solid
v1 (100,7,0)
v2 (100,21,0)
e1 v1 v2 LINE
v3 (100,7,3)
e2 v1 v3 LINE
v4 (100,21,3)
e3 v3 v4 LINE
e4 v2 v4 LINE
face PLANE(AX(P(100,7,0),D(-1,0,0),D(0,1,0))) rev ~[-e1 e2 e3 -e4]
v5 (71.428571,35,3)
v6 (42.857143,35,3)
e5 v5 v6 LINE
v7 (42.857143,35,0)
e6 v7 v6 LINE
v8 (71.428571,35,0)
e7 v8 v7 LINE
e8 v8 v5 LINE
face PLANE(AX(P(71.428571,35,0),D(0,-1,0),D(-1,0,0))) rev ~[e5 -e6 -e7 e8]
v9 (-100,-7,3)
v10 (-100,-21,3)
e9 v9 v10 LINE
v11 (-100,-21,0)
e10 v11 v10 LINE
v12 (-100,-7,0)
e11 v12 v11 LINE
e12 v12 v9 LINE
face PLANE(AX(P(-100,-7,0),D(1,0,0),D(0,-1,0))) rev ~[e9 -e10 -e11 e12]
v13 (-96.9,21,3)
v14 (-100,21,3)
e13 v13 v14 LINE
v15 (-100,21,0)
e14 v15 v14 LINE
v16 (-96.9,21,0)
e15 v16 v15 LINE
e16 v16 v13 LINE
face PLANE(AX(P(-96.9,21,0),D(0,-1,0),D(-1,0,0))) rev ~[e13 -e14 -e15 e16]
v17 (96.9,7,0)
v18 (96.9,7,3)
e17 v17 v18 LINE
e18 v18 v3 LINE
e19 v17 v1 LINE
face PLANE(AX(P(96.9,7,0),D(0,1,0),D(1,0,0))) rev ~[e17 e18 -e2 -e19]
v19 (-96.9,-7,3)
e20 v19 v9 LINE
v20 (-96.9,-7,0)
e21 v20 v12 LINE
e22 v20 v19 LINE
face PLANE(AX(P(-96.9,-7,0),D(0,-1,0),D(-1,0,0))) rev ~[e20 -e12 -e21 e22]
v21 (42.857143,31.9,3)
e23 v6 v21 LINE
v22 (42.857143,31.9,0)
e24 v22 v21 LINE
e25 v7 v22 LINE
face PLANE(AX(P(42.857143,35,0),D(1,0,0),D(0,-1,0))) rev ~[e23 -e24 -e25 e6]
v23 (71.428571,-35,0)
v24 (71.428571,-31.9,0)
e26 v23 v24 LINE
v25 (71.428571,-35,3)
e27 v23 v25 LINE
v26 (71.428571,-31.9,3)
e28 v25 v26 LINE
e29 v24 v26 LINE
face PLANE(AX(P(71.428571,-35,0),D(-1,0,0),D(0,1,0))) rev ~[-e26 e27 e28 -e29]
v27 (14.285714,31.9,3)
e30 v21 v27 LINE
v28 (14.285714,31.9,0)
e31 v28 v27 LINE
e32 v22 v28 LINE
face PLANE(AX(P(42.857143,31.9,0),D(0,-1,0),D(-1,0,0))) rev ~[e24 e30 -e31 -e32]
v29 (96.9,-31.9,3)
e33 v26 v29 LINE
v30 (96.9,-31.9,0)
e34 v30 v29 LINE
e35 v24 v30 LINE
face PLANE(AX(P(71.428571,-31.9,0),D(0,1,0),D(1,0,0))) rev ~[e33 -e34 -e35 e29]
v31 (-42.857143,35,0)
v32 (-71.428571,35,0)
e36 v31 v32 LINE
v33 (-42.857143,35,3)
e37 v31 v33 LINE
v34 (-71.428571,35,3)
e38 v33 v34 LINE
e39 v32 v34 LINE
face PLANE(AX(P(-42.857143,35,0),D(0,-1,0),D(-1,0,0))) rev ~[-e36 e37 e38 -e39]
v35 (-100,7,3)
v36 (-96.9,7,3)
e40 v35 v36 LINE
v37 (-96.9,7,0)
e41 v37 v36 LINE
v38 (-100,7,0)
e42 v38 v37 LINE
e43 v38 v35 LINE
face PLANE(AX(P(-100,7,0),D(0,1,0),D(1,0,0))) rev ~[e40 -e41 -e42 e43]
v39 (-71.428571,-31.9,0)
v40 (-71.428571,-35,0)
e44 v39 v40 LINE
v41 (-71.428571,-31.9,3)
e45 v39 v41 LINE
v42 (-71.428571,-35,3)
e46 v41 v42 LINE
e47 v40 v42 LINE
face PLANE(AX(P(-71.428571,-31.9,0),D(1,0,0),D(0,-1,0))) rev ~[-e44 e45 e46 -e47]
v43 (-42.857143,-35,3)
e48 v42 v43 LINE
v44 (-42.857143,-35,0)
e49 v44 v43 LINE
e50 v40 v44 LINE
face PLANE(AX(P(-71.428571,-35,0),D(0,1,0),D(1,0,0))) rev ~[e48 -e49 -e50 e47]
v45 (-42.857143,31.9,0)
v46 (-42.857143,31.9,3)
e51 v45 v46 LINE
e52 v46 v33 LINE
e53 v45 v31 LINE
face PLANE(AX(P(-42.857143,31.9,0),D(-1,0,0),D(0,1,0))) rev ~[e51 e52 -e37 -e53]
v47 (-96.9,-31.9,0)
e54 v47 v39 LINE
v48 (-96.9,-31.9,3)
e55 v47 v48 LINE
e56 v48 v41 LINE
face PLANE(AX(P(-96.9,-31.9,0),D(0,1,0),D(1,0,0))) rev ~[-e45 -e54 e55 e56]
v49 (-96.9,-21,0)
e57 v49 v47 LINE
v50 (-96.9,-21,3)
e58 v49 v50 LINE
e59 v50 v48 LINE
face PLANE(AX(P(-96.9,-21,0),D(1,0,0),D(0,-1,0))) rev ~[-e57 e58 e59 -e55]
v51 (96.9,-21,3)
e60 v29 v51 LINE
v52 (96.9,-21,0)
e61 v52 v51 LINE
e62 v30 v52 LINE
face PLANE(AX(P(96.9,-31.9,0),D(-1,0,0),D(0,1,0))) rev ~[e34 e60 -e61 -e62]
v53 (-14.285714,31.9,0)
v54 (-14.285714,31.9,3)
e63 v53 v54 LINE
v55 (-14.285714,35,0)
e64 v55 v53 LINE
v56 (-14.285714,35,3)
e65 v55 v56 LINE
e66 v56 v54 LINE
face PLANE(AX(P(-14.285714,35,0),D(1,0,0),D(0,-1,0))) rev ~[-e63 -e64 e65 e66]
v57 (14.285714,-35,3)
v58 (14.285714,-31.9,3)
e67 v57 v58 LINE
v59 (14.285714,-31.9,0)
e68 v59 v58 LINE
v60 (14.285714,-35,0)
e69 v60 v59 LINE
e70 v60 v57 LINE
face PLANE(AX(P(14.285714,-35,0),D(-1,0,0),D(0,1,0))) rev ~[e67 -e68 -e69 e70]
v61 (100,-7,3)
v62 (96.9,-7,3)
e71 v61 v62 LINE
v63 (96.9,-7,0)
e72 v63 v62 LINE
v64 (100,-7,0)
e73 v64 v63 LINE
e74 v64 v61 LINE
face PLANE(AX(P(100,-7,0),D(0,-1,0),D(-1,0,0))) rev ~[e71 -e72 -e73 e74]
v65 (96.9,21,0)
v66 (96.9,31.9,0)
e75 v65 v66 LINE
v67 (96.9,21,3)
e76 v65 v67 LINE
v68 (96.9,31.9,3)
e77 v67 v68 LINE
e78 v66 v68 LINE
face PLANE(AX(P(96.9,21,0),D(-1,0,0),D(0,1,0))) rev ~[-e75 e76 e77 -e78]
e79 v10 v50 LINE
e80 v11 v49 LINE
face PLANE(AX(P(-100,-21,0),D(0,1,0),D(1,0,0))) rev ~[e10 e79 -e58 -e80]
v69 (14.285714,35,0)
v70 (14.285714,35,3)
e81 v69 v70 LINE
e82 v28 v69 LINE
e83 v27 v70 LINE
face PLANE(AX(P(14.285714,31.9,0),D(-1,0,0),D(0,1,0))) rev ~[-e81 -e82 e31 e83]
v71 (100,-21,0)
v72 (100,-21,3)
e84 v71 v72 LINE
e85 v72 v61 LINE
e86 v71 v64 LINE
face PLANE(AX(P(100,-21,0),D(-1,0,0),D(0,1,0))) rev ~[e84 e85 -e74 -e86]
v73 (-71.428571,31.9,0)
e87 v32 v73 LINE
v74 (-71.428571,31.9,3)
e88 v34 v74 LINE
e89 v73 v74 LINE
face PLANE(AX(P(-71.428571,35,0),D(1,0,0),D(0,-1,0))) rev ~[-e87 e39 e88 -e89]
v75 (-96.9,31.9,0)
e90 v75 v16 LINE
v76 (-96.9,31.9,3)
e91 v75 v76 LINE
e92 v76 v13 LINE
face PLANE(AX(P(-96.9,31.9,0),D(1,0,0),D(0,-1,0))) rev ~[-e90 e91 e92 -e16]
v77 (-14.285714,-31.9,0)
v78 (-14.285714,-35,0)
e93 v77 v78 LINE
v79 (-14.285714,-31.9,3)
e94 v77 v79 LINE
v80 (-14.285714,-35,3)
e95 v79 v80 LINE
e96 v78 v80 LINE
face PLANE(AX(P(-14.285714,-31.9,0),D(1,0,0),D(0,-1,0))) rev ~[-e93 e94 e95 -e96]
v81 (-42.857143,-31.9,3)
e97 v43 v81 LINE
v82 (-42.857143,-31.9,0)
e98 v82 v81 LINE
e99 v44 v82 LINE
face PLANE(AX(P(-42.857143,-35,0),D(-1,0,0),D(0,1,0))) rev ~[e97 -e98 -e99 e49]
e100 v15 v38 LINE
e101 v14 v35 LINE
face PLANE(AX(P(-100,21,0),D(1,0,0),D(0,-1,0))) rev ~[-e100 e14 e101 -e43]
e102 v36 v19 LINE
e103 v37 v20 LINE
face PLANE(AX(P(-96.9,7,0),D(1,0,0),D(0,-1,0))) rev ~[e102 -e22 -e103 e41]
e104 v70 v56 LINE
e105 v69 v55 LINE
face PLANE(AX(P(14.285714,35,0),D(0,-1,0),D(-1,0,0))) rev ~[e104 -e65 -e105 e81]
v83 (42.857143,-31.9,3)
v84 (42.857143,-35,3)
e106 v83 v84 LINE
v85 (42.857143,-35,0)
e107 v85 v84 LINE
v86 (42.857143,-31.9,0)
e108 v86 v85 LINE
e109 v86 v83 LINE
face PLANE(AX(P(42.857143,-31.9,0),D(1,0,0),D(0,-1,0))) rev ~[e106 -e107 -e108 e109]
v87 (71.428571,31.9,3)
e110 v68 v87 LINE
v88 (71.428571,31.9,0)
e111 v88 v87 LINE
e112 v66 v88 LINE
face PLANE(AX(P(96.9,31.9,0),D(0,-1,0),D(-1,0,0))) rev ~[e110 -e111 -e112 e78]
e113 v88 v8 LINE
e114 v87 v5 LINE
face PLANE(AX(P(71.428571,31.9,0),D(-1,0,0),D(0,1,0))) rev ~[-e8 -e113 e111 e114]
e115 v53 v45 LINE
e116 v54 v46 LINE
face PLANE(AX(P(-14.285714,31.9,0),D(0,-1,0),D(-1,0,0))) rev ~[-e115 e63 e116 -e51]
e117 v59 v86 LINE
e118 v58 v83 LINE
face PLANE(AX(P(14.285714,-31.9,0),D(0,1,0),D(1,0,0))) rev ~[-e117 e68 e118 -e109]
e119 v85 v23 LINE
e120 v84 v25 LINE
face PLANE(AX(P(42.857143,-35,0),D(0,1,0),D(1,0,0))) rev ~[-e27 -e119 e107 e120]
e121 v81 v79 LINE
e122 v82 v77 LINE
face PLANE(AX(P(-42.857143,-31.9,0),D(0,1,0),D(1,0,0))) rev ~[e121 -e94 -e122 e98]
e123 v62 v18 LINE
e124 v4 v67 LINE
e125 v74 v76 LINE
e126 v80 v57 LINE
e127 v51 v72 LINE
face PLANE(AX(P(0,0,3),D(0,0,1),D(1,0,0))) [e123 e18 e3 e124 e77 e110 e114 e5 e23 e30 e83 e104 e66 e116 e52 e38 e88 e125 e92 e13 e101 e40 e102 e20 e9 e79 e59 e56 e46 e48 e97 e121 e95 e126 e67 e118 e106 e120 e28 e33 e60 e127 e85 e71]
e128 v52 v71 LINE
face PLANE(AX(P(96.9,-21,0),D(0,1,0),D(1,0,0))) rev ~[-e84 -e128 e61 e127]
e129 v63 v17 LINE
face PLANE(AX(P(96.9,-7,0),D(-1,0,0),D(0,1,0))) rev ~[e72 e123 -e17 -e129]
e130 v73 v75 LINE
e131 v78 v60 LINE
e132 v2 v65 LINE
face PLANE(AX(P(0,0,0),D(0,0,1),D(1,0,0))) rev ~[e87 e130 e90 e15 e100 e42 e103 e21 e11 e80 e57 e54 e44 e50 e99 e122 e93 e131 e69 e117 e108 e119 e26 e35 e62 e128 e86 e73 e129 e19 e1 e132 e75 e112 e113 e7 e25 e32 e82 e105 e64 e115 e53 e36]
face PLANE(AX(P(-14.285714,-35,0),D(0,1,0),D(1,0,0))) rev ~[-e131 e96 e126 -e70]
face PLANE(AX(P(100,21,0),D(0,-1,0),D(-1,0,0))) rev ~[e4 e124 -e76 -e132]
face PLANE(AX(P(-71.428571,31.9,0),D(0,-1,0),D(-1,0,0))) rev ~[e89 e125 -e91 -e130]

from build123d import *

# Parameters (mm, degrees)
SALIENTE_EXTRUIR2_DEPTH = 3


with BuildPart() as part:
    # Croquis1 → Saliente-Extruir2 (new body)
    with BuildSketch(Plane.XY):
        Polygon((-71.428571429, -31.9), (-71.428571429, -35), (-42.857142857, -35), (-42.857142857, -31.9), (-14.285714286, -31.9), (-14.285714286, -35), (14.285714286, -35), (14.285714286, -31.9), (42.857142857, -31.9), (42.857142857, -35), (71.428571429, -35), (71.428571429, -31.9), (96.9, -31.9), (96.9, -21), (100, -21), (100, -7), (96.9, -7), (96.9, 7), (100, 7), (100, 21), (96.9, 21), (96.9, 31.9), (71.428571429, 31.9), (71.428571429, 35), (42.857142857, 35), (42.857142857, 31.9), (14.285714286, 31.9), (14.285714286, 35), (-14.285714286, 35), (-14.285714286, 31.9), (-42.857142857, 31.9), (-42.857142857, 35), (-71.428571429, 35), (-71.428571429, 31.9), (-96.9, 31.9), (-96.9, 21), (-100, 21), (-100, 7), (-96.9, 7), (-96.9, -7), (-100, -7), (-100, -21), (-96.9, -21), (-96.9, -31.9), align=None)
    extrude(amount=SALIENTE_EXTRUIR2_DEPTH)


solid = part.part
